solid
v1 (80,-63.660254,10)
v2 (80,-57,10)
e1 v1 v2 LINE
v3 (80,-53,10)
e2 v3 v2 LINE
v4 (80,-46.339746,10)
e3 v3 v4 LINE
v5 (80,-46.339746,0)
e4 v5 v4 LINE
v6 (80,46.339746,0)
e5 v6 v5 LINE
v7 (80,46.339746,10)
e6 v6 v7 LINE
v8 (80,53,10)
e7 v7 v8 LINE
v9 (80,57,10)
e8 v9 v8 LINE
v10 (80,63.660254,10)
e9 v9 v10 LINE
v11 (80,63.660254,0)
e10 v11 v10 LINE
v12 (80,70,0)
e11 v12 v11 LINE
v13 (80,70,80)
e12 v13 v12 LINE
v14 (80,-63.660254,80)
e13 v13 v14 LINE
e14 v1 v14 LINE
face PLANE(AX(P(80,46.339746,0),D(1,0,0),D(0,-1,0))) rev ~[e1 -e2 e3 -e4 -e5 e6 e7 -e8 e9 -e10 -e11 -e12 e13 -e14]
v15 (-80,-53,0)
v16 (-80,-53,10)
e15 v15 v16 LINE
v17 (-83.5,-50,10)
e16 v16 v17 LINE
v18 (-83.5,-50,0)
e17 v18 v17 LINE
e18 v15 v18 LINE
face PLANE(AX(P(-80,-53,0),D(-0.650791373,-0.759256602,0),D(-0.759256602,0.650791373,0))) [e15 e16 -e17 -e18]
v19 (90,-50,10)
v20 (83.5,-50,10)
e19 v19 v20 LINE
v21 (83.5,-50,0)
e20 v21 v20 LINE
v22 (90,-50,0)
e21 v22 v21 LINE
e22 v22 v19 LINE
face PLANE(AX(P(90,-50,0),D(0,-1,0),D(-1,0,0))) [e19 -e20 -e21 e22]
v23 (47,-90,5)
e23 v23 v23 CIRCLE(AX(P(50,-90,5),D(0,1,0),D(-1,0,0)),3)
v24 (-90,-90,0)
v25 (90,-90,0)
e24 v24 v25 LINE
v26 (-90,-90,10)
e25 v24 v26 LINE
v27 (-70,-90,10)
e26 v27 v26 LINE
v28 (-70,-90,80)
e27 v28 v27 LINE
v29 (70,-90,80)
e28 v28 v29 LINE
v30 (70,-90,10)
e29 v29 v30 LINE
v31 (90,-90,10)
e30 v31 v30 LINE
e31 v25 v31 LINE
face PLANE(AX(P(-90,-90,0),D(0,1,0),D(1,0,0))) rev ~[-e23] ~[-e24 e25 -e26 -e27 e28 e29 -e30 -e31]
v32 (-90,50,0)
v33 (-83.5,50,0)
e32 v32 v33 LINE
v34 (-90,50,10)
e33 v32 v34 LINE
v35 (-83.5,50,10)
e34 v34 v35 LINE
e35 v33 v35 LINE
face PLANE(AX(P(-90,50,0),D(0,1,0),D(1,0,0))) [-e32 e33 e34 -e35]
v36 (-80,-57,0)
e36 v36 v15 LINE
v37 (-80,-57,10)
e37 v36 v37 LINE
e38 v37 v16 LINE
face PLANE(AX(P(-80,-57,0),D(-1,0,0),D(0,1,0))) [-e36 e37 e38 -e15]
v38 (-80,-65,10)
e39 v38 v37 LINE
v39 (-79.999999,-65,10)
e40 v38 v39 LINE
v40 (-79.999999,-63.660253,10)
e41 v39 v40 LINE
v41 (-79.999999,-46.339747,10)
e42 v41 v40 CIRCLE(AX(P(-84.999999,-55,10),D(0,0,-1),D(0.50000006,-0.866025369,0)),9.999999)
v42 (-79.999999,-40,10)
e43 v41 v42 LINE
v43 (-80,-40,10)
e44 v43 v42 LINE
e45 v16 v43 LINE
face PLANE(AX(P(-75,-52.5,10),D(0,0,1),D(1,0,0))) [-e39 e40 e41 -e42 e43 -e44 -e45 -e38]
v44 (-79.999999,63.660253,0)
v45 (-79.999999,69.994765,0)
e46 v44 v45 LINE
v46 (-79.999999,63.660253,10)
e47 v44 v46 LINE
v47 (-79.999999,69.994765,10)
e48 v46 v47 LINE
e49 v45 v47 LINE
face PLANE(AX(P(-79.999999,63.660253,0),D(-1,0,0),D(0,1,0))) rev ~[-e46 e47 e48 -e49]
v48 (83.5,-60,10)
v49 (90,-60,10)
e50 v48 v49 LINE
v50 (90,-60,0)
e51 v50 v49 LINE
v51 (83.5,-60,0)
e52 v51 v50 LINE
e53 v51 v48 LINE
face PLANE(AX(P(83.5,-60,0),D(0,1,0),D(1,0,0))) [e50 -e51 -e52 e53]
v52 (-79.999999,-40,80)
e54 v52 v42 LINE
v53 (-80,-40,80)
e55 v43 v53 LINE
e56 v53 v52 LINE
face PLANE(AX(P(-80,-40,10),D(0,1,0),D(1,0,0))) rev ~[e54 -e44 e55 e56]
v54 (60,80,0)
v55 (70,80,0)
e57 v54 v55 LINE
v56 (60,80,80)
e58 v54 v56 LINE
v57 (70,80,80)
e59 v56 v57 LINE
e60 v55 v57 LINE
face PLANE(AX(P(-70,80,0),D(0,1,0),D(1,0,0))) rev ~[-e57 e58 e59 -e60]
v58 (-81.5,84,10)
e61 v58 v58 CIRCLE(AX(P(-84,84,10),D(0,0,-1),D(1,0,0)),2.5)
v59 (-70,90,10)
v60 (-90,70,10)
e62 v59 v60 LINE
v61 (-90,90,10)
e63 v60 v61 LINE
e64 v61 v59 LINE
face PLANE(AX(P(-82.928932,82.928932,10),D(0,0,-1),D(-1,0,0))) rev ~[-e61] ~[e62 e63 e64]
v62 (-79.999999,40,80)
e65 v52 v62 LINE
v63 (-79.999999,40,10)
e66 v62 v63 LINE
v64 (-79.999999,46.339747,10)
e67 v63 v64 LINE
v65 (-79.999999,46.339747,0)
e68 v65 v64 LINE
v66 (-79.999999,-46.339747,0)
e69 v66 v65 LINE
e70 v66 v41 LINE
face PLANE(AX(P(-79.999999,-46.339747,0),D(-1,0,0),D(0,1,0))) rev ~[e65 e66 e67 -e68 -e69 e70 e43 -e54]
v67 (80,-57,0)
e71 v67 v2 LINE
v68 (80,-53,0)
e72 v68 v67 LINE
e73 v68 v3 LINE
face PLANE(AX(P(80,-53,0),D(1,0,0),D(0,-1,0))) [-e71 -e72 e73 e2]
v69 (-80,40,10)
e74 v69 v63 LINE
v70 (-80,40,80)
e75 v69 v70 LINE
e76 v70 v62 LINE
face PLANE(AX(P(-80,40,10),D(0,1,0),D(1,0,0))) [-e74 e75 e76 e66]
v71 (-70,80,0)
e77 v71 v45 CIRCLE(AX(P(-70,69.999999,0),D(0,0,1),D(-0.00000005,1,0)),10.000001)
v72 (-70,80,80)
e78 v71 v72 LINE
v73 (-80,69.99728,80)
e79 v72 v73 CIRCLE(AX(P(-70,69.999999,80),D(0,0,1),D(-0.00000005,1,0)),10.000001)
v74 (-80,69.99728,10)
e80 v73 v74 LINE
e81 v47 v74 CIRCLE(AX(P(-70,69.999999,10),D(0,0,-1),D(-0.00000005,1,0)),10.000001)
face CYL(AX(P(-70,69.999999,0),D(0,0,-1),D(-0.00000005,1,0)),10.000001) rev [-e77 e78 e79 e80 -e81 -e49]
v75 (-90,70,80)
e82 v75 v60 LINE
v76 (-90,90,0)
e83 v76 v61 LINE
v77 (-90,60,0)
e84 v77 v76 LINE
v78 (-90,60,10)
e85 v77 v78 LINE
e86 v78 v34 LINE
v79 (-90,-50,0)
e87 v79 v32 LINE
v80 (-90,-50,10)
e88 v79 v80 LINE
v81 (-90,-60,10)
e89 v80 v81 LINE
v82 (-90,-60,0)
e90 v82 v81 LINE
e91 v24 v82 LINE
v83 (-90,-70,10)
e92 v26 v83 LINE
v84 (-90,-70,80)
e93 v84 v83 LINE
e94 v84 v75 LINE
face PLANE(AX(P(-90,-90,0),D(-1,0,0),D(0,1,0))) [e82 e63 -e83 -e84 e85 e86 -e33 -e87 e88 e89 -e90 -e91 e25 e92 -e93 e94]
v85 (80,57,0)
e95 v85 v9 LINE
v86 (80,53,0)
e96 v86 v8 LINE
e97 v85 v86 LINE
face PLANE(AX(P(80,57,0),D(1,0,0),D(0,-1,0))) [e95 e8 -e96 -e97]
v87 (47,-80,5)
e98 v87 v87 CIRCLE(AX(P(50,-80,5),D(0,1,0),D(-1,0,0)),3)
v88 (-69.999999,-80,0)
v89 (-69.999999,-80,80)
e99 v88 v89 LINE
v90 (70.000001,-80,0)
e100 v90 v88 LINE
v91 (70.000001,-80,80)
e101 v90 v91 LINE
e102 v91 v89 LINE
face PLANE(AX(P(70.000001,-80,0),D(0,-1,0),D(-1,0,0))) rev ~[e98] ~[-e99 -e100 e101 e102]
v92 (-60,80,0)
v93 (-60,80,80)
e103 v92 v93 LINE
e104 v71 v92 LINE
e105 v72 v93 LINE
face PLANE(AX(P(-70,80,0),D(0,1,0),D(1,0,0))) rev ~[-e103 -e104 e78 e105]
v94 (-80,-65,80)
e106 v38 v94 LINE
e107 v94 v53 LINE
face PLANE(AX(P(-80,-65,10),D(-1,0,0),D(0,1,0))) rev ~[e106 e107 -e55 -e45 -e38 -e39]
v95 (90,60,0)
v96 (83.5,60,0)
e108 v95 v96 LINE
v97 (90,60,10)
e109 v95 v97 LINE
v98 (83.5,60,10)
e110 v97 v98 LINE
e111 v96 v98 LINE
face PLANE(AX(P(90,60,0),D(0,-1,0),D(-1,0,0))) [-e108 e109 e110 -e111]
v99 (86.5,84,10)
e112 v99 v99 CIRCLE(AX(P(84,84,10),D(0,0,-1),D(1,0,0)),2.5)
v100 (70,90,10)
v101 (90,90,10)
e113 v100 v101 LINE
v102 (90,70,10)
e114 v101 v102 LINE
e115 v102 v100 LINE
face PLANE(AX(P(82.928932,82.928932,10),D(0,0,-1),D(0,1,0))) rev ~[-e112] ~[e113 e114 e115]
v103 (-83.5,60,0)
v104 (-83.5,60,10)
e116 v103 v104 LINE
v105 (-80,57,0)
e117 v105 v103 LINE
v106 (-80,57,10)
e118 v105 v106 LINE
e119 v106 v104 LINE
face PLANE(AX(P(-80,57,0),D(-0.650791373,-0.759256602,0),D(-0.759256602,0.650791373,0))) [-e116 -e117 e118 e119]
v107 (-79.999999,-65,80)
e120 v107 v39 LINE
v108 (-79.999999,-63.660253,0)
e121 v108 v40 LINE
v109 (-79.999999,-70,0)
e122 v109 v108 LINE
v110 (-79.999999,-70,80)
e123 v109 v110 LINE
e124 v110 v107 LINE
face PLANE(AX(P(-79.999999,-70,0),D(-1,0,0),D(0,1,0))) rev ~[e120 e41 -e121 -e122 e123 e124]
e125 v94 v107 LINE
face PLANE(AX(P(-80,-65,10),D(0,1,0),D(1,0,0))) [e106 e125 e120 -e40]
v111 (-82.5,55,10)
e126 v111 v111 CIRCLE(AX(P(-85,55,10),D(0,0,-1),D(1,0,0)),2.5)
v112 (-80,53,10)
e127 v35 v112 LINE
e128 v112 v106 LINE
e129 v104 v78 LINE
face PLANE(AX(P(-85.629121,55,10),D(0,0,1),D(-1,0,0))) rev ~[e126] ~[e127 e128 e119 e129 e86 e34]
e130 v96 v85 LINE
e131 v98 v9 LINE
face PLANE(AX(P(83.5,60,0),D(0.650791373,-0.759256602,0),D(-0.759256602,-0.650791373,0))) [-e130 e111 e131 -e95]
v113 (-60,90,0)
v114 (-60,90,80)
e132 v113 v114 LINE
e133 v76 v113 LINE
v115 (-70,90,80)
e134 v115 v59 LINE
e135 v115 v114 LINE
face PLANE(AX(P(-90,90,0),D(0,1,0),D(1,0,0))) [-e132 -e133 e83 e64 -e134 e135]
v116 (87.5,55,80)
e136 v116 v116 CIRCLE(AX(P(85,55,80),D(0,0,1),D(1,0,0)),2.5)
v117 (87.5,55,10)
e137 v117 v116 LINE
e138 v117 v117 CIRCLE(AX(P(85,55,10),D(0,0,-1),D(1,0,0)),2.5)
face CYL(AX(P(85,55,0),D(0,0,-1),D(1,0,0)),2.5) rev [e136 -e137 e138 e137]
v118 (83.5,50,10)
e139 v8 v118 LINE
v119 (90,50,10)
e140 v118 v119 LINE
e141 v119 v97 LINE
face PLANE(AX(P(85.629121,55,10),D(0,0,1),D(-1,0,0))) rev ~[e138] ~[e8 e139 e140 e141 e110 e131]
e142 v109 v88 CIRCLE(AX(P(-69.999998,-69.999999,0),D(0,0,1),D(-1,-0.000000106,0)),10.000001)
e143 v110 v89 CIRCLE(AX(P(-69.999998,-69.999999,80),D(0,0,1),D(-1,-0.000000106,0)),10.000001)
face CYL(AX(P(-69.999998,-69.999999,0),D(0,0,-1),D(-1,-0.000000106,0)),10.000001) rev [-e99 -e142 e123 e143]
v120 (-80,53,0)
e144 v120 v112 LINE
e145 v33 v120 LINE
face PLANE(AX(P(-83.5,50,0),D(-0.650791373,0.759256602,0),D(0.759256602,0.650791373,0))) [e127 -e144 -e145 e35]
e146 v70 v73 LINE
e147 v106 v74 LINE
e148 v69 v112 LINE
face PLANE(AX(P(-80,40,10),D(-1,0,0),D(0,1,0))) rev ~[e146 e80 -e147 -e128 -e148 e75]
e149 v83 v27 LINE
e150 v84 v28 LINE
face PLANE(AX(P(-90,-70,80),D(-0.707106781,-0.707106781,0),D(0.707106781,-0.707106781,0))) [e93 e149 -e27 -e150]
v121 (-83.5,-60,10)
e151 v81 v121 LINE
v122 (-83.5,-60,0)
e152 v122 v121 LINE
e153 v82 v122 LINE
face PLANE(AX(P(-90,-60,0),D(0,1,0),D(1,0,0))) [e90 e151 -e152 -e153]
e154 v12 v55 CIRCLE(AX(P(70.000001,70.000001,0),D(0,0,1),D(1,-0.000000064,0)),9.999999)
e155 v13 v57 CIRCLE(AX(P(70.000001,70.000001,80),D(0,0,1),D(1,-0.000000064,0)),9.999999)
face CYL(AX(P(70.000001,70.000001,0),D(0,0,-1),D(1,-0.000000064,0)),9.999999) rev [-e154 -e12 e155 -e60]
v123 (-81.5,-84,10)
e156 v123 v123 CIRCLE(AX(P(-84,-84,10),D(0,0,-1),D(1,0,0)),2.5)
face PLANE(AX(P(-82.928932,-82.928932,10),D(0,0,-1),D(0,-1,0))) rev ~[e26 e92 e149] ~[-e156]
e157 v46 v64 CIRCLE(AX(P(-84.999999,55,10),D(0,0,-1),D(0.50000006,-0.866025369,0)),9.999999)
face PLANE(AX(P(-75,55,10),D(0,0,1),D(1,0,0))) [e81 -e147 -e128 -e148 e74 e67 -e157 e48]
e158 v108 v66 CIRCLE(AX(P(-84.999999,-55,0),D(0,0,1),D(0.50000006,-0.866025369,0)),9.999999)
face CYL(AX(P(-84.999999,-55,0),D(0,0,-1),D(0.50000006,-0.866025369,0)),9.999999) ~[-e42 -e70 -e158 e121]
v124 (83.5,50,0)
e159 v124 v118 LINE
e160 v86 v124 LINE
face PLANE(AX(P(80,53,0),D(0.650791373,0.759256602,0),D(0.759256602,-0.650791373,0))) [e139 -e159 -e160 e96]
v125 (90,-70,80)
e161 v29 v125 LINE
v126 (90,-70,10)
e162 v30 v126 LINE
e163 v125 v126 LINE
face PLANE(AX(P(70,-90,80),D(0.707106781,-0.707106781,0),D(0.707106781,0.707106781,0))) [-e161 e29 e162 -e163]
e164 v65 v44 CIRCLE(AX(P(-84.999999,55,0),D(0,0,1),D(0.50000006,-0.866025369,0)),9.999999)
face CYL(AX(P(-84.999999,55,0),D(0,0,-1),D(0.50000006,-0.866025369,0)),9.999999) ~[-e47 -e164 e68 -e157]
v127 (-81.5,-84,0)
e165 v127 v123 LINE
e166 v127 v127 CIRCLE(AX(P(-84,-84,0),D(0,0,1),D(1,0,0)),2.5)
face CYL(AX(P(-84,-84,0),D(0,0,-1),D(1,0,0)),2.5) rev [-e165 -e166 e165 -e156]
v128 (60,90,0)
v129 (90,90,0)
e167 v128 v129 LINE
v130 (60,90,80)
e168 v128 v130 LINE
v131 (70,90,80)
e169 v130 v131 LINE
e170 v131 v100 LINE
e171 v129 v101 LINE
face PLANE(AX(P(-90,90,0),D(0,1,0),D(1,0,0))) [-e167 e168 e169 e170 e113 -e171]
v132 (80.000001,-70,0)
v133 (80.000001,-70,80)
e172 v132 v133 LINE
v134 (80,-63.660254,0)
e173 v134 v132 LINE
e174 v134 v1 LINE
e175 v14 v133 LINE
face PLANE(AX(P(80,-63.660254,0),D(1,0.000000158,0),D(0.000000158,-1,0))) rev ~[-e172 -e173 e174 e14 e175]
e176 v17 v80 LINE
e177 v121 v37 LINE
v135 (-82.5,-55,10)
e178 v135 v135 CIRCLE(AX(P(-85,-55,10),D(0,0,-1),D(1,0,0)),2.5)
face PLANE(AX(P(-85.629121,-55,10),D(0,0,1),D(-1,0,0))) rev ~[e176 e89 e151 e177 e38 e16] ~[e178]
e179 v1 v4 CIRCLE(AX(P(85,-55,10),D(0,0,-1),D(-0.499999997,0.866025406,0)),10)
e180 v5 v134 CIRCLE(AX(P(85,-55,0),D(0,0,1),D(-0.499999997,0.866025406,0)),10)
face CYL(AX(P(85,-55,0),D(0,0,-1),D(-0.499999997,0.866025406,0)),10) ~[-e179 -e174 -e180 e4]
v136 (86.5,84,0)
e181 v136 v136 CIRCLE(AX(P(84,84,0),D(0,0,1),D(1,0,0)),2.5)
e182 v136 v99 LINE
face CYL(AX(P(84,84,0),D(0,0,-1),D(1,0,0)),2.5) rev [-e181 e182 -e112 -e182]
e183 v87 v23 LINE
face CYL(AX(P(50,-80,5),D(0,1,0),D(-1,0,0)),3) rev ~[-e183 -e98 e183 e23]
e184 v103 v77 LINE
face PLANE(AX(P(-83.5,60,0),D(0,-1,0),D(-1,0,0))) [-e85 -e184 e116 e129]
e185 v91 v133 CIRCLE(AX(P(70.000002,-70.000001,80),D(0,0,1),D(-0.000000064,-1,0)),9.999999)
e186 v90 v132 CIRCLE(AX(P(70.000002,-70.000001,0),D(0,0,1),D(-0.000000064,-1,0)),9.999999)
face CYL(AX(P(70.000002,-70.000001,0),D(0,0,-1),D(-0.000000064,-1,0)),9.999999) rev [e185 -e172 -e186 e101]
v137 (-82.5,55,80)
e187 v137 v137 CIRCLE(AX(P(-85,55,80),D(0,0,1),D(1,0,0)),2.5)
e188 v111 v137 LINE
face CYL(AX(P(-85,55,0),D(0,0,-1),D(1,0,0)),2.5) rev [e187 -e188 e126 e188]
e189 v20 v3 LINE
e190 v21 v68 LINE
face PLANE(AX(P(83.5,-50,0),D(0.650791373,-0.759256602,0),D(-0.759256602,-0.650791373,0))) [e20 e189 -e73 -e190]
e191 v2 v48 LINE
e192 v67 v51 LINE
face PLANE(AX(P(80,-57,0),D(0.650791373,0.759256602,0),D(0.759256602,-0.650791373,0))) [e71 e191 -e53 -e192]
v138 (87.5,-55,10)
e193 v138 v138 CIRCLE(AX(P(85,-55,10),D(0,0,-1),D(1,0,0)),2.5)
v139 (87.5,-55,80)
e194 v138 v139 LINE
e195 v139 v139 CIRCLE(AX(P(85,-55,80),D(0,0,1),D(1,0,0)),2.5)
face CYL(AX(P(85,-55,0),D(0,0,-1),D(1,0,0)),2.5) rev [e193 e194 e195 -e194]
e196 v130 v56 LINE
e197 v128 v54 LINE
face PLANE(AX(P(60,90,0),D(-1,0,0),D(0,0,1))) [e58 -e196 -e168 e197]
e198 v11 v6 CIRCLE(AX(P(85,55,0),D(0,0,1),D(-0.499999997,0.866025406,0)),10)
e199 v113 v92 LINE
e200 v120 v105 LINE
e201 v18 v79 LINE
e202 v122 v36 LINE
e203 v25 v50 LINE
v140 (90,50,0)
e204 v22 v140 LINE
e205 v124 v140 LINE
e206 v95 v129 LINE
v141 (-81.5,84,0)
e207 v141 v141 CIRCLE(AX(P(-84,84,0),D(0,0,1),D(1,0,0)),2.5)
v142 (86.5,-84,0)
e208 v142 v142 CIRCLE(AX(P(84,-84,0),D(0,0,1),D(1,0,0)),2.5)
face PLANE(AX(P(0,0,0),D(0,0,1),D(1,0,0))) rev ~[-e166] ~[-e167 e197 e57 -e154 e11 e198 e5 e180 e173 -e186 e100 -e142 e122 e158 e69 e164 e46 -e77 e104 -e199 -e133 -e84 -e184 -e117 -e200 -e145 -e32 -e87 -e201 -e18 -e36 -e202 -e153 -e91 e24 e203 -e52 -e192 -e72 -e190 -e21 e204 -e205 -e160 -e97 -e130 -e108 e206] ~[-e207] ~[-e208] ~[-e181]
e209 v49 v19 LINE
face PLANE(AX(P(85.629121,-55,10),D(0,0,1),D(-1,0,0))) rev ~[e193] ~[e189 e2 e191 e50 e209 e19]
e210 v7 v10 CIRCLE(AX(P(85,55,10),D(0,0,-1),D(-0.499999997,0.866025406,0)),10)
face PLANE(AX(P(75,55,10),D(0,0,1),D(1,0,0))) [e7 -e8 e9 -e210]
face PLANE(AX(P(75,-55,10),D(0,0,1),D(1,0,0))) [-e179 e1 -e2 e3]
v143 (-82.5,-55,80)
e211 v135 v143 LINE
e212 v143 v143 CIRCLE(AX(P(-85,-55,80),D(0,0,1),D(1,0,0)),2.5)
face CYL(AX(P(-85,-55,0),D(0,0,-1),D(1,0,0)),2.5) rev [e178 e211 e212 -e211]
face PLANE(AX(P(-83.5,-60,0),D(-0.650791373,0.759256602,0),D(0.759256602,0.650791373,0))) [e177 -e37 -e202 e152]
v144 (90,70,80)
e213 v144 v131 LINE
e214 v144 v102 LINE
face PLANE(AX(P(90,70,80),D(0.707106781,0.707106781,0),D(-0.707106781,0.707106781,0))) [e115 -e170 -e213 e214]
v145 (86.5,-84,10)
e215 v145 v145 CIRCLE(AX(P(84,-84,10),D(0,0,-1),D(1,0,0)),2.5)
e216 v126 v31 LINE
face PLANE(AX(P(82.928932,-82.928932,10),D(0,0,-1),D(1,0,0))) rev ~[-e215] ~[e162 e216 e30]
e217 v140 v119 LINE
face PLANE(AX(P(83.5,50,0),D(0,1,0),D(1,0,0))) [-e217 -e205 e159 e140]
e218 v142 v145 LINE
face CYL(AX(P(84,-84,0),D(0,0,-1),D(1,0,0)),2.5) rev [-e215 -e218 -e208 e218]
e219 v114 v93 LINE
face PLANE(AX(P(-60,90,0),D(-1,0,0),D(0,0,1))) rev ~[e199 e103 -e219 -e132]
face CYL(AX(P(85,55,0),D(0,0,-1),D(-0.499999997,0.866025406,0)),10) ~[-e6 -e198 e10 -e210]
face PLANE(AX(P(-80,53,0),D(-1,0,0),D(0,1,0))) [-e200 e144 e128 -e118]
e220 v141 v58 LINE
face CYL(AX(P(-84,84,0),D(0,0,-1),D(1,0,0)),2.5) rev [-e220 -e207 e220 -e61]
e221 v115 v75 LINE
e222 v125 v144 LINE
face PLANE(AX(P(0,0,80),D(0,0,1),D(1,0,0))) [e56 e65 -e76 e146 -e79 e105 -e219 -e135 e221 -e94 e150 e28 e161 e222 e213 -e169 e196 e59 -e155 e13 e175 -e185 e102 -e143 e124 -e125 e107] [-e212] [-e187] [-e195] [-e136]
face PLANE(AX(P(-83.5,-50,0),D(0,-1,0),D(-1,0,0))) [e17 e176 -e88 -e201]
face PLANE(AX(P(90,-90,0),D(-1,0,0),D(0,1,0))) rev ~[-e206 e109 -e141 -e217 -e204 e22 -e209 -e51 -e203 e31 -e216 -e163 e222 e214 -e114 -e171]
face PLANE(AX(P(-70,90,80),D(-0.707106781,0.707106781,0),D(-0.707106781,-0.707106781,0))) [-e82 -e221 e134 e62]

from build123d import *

# Parameters (mm, degrees)
SKETCH_W           = 180
SKETCH_H           = 180
SKETCH_R           = 2.5
PAD_DEPTH          = 80
SKETCH001_W        = 120
SKETCH001_H        = 80
POCKET_DEPTH       = 11
POCKET002_DEPTH    = 70
POLARPATTERN_COUNT = 4
POCKET003_DEPTH    = 10
SKETCH005_W        = 10
SKETCH005_H        = 30
SKETCH005_H_2      = 25
POCKET004_DEPTH    = 70
SKETCH002_R        = 3
POCKET007_DEPTH    = 11


with BuildPart() as part:
    # Sketch (on Sketch) → Pad (new body)
    with BuildSketch(Plane.XY):
        Rectangle(SKETCH_W, SKETCH_H)
        with Locations((-84, 84)):
            Circle(SKETCH_R, mode=Mode.SUBTRACT)
        with Locations((84, 84)):
            Circle(SKETCH_R, mode=Mode.SUBTRACT)
        with Locations((84, -84)):
            Circle(SKETCH_R, mode=Mode.SUBTRACT)
        with Locations((-84, -84)):
            Circle(SKETCH_R, mode=Mode.SUBTRACT)
        with Locations((-85, 55)):
            Circle(SKETCH_R, mode=Mode.SUBTRACT)
        with Locations((-85, -55)):
            Circle(SKETCH_R, mode=Mode.SUBTRACT)
        with Locations((85, -55)):
            Circle(SKETCH_R, mode=Mode.SUBTRACT)
        with Locations((85, 55)):
            Circle(SKETCH_R, mode=Mode.SUBTRACT)
        with BuildLine():
            Line((-70, 80), (70, 80))
            ThreePointArc((80, 70), (77.071068, 77.071068), (70, 80))
            Line((80, 70), (80, 63.660254))
            ThreePointArc((80, 63.660254), (75, 55), (80, 46.339746))
            Line((80, 46.339746), (80, -46.339746))
            ThreePointArc((80, -46.339746), (75, -55), (80, -63.660254))
            Line((80, -63.660254), (80.000001, -70))
            ThreePointArc((70.000001, -80), (77.071069, -77.071068), (80.000001, -70))
            Line((70.000001, -80), (-69.999999, -80))
            ThreePointArc((-79.999999, -70), (-77.071066, -77.071068), (-69.999999, -80))
            Line((-79.999999, -70), (-79.999999, -63.660253))
            ThreePointArc((-79.999999, -63.660253), (-75, -55), (-79.999999, -46.339747))
            Line((-79.999999, -46.339747), (-79.999999, 46.339747))
            ThreePointArc((-79.999999, 46.339747), (-75, 55), (-79.999999, 63.660253))
            Line((-79.999999, 63.660253), (-79.999999, 69.994765))
            ThreePointArc((-70, 80), (-77.072918, 77.069217), (-79.999999, 69.994765))
        make_face(mode=Mode.SUBTRACT)
    extrude(amount=PAD_DEPTH)

    # Sketch001 (on Face1 of Pad) → Pocket (cut)
    with BuildSketch(Plane(origin=(0, 90, 0), x_dir=(-1, 0, 0), z_dir=(0, 1, 0))):
        with Locations((0, 40)):
            Rectangle(SKETCH001_W, SKETCH001_H)
    extrude(amount=-POCKET_DEPTH, mode=Mode.SUBTRACT)

    # Sketch003 → Pocket002 (cut)
    with BuildSketch(Plane.XY.offset(80)):
        Polygon((-90, 90), (-70, 90), (-90, 70), align=None)
    pocket002 = extrude(amount=-POCKET002_DEPTH, mode=Mode.SUBTRACT)

    # PolarPattern: Pocket002 ×4 about axis
    polarpattern_axis = Axis((0, 0, 80), (0, 0, 1))
    for i in range(1, POLARPATTERN_COUNT):
        add(pocket002.rotate(polarpattern_axis, i * 360 / POLARPATTERN_COUNT), mode=Mode.SUBTRACT)

    # Sketch004 (on Face2 of PolarPattern) → Pocket003 (cut)
    with BuildSketch(Plane(origin=(0, 0, 0), x_dir=(1, 0, 0), z_dir=(0, 0, -1))):
        Polygon((-90, 60), (-83.5, 60), (-80, 57), (-80, 53), (-83.5, 50), (-90, 50), align=None)
        Polygon((83.5, 60), (90, 60), (90, 50), (83.5, 50), (80, 53), (80, 57), align=None)
        Polygon((83.5, -50), (90, -50), (90, -60), (83.5, -60), (80, -57), (80, -53), align=None)
        Polygon((-90, -50), (-83.5, -50), (-80, -53), (-80, -57), (-83.5, -60), (-90, -60), align=None)
    extrude(amount=-POCKET003_DEPTH, mode=Mode.SUBTRACT)

    # Sketch005 (on Face6 of Pocket003) → Pocket004 (cut)
    with BuildSketch(Plane.XY.offset(10)):
        with Locations((-75, 55)):
            Rectangle(SKETCH005_W, SKETCH005_H)
        with Locations((75, 55)):
            Rectangle(SKETCH005_W, SKETCH005_H)
        with Locations((75, -55)):
            Rectangle(SKETCH005_W, SKETCH005_H)
        with Locations((-75, -52.5)):
            Rectangle(SKETCH005_W, SKETCH005_H_2)
    extrude(amount=POCKET004_DEPTH, mode=Mode.SUBTRACT)

    # Sketch002 (on Face30 of Pocket004) → Pocket007 (cut)
    with BuildSketch(Plane(origin=(0, -80, 0), x_dir=(-1, 0, 0), z_dir=(0, 1, 0))):
        with Locations((-50, 5)):
            Circle(SKETCH002_R)
    extrude(amount=-POCKET007_DEPTH, mode=Mode.SUBTRACT)


solid = part.part
